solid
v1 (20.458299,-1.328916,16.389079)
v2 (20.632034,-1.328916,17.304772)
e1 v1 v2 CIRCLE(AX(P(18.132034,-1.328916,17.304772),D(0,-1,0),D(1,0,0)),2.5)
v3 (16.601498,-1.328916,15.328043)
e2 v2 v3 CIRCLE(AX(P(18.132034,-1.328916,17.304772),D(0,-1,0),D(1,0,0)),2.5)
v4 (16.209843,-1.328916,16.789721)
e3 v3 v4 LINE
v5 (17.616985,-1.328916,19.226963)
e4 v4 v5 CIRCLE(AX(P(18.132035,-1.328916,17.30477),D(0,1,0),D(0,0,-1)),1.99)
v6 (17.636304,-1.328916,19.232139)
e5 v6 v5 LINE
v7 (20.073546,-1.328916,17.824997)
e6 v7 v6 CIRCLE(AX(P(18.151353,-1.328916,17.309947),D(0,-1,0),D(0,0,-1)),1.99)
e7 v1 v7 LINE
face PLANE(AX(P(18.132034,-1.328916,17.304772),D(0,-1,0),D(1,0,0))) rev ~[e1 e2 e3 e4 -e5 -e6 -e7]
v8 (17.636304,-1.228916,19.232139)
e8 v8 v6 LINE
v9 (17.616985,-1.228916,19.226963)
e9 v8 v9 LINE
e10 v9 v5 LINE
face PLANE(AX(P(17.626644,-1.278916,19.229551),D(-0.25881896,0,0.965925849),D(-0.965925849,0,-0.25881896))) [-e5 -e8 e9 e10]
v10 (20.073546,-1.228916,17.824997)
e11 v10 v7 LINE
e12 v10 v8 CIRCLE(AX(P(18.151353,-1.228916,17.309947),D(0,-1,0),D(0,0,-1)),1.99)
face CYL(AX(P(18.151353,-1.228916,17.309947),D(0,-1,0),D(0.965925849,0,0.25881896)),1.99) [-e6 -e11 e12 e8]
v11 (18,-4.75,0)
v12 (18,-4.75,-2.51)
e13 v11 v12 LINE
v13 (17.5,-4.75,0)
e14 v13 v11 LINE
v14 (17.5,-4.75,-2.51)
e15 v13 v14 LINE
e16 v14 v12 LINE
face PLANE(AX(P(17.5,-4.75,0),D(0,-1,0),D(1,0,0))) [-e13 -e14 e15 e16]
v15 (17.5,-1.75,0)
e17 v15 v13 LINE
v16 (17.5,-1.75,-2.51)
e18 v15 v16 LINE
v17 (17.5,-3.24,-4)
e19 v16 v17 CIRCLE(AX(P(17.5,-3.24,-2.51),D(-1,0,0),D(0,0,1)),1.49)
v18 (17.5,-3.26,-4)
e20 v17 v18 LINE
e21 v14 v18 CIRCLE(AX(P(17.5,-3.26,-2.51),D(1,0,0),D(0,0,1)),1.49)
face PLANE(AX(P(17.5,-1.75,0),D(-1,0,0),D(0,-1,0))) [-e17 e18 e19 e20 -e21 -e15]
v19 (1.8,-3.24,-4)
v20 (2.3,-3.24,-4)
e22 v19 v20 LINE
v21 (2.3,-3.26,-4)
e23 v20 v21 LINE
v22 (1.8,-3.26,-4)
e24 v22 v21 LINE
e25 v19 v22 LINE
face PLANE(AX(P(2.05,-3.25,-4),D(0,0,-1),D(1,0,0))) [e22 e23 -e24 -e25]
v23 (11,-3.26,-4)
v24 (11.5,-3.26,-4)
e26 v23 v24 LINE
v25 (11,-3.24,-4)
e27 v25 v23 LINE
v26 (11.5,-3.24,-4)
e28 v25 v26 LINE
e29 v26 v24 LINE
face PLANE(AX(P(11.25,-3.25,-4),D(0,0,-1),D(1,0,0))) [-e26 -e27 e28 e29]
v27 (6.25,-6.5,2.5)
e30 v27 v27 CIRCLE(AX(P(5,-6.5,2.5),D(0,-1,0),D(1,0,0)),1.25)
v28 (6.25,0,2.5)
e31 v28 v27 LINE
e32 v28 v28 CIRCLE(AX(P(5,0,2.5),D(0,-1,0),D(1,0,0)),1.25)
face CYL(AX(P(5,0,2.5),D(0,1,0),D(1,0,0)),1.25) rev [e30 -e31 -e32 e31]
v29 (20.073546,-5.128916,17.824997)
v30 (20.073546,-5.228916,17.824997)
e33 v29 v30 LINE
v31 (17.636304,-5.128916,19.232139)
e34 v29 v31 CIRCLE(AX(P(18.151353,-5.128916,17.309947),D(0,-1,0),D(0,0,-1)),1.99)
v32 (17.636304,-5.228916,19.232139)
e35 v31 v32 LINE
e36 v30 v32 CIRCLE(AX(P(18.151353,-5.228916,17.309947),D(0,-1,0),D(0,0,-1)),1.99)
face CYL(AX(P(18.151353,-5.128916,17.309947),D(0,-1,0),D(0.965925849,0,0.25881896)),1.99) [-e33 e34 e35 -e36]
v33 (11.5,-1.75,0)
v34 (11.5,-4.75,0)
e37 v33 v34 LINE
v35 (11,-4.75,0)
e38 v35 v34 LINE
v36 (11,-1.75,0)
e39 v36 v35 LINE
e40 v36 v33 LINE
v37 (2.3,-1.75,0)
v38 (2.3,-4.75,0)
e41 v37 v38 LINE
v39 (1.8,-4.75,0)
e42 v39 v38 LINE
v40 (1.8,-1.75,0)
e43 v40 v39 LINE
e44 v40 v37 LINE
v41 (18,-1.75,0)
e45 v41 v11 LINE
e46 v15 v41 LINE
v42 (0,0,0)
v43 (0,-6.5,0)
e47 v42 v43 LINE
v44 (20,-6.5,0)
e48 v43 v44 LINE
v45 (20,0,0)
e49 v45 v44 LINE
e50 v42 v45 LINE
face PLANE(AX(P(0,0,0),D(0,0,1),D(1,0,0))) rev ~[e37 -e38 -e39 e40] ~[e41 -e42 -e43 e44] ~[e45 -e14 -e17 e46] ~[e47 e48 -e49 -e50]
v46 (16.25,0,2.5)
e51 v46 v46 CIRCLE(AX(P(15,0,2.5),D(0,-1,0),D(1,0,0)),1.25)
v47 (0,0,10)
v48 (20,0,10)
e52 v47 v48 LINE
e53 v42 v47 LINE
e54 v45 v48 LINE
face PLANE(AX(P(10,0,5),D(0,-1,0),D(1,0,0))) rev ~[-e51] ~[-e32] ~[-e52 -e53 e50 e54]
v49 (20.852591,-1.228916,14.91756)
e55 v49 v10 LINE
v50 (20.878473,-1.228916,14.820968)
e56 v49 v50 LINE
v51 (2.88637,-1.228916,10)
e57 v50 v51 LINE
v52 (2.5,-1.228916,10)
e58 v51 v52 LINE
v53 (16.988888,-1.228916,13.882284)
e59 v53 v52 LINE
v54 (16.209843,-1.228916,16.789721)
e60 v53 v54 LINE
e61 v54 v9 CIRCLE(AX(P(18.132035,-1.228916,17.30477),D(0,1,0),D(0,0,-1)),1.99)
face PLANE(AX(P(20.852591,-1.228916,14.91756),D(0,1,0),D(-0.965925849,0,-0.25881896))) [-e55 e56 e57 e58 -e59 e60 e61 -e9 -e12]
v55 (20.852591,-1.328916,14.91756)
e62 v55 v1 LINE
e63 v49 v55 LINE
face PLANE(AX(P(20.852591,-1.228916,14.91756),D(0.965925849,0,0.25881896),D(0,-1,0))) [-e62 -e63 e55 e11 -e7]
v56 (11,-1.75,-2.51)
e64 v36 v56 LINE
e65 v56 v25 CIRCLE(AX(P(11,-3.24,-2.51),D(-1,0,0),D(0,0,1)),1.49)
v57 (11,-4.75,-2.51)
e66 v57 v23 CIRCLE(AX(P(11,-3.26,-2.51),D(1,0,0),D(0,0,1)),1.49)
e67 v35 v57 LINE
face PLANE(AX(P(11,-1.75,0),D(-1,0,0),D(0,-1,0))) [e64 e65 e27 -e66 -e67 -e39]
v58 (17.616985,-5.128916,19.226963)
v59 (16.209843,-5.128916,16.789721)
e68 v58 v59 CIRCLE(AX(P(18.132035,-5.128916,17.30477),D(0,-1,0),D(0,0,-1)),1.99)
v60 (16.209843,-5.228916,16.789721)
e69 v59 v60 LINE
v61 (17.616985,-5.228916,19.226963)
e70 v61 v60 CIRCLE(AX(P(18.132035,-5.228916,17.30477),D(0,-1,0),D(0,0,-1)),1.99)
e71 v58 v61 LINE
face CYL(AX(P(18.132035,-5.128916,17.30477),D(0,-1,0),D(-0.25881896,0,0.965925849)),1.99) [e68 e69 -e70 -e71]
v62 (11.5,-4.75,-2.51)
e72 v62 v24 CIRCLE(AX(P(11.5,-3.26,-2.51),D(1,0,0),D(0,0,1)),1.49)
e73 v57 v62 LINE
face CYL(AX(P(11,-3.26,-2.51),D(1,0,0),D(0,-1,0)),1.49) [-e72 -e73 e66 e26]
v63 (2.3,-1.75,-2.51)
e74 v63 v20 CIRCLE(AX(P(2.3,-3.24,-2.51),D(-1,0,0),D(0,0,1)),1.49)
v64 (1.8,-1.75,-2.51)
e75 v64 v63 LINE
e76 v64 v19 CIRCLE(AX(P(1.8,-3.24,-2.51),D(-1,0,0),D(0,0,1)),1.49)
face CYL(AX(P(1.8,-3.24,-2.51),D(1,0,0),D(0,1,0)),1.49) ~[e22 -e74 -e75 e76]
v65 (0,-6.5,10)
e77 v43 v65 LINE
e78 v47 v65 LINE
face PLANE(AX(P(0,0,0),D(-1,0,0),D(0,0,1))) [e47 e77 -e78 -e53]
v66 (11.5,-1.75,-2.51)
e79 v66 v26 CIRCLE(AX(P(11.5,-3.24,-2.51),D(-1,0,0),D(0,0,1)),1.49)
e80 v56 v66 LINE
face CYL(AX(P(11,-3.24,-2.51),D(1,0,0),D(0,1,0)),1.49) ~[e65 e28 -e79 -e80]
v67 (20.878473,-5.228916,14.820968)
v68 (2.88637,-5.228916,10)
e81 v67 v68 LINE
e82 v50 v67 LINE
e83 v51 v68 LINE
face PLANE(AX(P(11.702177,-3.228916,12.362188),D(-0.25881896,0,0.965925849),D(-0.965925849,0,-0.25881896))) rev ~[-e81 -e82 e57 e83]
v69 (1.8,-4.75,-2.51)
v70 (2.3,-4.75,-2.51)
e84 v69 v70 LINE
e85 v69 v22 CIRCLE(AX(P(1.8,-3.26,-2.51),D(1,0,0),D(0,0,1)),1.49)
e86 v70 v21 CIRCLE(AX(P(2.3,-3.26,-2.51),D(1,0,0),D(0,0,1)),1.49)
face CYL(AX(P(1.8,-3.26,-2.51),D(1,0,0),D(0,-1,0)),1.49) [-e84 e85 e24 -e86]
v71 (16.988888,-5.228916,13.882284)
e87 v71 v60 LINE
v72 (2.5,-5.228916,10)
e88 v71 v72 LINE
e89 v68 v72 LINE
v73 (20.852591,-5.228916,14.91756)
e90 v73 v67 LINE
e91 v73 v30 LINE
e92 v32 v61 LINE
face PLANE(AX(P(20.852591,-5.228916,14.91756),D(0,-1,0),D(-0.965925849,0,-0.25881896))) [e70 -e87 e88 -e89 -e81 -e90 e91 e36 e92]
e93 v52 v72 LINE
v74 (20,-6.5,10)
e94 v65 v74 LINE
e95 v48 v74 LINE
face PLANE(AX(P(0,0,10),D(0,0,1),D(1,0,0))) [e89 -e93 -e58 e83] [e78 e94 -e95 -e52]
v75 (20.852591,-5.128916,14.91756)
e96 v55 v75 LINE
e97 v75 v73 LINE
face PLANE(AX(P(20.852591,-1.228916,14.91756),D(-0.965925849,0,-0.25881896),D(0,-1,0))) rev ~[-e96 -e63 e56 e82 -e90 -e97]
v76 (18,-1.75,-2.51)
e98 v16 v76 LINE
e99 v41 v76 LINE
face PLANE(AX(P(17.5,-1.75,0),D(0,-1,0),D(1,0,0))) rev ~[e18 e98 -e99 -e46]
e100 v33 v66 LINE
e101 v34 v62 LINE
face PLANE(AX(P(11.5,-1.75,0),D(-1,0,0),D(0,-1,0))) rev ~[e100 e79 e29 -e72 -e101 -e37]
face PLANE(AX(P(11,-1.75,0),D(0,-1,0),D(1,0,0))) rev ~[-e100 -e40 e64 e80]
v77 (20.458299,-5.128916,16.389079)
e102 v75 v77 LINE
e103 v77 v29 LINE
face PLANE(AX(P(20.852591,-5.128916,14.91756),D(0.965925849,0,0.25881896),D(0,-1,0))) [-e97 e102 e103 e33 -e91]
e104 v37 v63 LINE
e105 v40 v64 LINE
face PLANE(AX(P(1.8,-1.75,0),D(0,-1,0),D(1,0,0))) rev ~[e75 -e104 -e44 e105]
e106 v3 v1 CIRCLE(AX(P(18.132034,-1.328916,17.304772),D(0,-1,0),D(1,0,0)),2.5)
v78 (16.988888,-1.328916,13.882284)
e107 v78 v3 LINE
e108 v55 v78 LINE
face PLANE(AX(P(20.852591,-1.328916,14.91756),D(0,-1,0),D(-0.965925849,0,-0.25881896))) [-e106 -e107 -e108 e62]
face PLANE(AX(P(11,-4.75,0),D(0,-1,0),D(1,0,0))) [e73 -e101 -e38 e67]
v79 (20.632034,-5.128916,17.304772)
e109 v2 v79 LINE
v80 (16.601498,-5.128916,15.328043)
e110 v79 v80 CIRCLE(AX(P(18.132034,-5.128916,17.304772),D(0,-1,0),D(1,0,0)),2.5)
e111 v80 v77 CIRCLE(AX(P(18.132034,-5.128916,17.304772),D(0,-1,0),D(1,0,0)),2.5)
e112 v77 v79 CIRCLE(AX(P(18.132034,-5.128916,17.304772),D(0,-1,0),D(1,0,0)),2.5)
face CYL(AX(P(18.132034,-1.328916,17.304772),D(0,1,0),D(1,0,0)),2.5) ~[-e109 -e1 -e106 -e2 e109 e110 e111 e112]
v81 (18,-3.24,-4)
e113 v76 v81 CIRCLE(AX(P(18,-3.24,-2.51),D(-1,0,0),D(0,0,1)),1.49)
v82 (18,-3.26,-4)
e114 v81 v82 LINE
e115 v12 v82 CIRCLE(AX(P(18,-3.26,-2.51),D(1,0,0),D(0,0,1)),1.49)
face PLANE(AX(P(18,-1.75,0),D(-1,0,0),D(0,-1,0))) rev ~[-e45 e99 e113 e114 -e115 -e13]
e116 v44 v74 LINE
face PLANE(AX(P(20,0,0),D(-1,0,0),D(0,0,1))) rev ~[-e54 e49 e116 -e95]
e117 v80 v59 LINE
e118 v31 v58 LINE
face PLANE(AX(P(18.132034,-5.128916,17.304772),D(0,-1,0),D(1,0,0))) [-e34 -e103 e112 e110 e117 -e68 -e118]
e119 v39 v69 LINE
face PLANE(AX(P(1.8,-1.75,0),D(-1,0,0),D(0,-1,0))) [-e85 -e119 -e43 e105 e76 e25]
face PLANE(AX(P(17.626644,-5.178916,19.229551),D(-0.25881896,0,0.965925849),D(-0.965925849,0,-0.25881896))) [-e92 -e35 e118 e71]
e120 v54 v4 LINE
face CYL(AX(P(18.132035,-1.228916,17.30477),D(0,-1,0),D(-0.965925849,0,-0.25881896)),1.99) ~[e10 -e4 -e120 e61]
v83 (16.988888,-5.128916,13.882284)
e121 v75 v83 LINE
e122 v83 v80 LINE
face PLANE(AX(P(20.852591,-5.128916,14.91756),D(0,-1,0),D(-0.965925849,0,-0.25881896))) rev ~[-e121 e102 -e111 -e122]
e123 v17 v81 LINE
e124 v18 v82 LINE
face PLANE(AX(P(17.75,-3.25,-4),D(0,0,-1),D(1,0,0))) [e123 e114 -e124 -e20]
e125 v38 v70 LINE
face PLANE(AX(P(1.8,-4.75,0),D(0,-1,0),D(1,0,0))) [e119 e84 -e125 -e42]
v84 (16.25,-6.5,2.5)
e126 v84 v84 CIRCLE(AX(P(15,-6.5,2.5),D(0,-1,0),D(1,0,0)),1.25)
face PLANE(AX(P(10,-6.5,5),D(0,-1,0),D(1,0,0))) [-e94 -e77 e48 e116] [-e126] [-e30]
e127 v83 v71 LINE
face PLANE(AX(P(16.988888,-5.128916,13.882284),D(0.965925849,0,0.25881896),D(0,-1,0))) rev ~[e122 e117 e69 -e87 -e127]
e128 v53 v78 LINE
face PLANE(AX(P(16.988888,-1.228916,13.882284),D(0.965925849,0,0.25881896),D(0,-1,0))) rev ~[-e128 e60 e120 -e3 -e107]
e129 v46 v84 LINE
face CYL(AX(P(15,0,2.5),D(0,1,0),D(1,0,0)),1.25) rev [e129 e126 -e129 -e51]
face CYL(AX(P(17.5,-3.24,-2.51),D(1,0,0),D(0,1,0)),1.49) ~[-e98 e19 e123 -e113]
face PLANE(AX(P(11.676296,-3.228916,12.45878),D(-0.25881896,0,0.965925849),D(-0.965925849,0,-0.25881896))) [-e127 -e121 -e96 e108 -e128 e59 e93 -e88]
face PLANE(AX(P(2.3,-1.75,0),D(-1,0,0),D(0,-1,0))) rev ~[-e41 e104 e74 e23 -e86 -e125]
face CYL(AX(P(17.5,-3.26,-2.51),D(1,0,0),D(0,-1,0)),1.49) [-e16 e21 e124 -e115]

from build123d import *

# Parameters (mm, degrees)
SKETCH_W     = 20
SKETCH_H     = 10
SKETCH_R     = 1.25
PAD_DEPTH    = 6.5
SKETCH001_W  = 19
SKETCH001_H  = 4
PAD001_DEPTH = 0.1
SKETCH002_W  = 4
SKETCH002_H  = 0.1
PAD002_DEPTH = 5
FILLET_R     = 1.99
SKETCH003_R  = 2.5
PAD003_DEPTH = 3.8
SKETCH004_W  = 0.5
SKETCH004_H  = 3
PAD004_DEPTH = 4
FILLET001_R  = 1.49


with BuildPart() as part:
    # Sketch → Pad (new body)
    with BuildSketch(Plane.XZ):
        with Locations((10, 5)):
            Rectangle(SKETCH_W, SKETCH_H)
        with Locations((5, 2.5)):
            Circle(SKETCH_R, mode=Mode.SUBTRACT)
        with Locations((15, 2.5)):
            Circle(SKETCH_R, mode=Mode.SUBTRACT)
    extrude(amount=PAD_DEPTH)

    # Sketch001 (on Face3 of Pad) → Pad001 (join)
    with BuildSketch(Plane(origin=(2.5, 1.5, 10), x_dir=(-0.965926, 0, -0.258819), z_dir=(-0.258819, 0, 0.965926))):
        with Locations((-9.5, 4.728916)):
            Rectangle(SKETCH001_W, SKETCH001_H)
    extrude(amount=-PAD001_DEPTH)

    # Sketch002 (on Face12 of Pad001) → Pad002 (join)
    with BuildSketch(Plane(origin=(-2.332532, 0, 8.705127), x_dir=(-0.965926, 0, -0.258819), z_dir=(-0.258819, 0, 0.965926))):
        with Locations((-22.003005, 5.178916)):
            Rectangle(SKETCH002_W, SKETCH002_H)
        with Locations((-22.003005, 1.278916)):
            Rectangle(SKETCH002_W, SKETCH002_H)
    extrude(amount=PAD002_DEPTH)

    # Fillet
    fillet_edges = [part.edges().sort_by_distance(p)[0] for p in [
        (19.558495, -5.178916, 19.747191),
        (15.694792, -5.178916, 18.711915),
        (15.694792, -1.278916, 18.711915),
        (19.558495, -1.278916, 19.747191),
    ]]
    fillet(fillet_edges, radius=FILLET_R)

    # Sketch003 (on Face5 of Fillet) → Pad003 (join)
    with BuildSketch(Plane.XZ.offset(1.328916)):
        with Locations((18.132034, 17.304772)):
            Circle(SKETCH003_R)
    extrude(amount=PAD003_DEPTH)

    # Sketch004 (on Face24 of Pad003) → Pad004 (join)
    with BuildSketch(Plane(origin=(0, 0, 0), x_dir=(1, 0, 0), z_dir=(0, 0, -1))):
        with Locations((17.75, 3.25)):
            Rectangle(SKETCH004_W, SKETCH004_H)
        with Locations((11.25, 3.25)):
            Rectangle(SKETCH004_W, SKETCH004_H)
        with Locations((2.05, 3.25)):
            Rectangle(SKETCH004_W, SKETCH004_H)
    extrude(amount=PAD004_DEPTH)

    # Fillet001
    fillet001_edges = [part.edges().sort_by_distance(p)[0] for p in [
        (2.05, -4.75, -4),
        (2.05, -1.75, -4),
        (11.25, -4.75, -4),
        (11.25, -1.75, -4),
        (17.75, -4.75, -4),
        (17.75, -1.75, -4),
    ]]
    fillet(fillet001_edges, radius=FILLET001_R)


solid = part.part
